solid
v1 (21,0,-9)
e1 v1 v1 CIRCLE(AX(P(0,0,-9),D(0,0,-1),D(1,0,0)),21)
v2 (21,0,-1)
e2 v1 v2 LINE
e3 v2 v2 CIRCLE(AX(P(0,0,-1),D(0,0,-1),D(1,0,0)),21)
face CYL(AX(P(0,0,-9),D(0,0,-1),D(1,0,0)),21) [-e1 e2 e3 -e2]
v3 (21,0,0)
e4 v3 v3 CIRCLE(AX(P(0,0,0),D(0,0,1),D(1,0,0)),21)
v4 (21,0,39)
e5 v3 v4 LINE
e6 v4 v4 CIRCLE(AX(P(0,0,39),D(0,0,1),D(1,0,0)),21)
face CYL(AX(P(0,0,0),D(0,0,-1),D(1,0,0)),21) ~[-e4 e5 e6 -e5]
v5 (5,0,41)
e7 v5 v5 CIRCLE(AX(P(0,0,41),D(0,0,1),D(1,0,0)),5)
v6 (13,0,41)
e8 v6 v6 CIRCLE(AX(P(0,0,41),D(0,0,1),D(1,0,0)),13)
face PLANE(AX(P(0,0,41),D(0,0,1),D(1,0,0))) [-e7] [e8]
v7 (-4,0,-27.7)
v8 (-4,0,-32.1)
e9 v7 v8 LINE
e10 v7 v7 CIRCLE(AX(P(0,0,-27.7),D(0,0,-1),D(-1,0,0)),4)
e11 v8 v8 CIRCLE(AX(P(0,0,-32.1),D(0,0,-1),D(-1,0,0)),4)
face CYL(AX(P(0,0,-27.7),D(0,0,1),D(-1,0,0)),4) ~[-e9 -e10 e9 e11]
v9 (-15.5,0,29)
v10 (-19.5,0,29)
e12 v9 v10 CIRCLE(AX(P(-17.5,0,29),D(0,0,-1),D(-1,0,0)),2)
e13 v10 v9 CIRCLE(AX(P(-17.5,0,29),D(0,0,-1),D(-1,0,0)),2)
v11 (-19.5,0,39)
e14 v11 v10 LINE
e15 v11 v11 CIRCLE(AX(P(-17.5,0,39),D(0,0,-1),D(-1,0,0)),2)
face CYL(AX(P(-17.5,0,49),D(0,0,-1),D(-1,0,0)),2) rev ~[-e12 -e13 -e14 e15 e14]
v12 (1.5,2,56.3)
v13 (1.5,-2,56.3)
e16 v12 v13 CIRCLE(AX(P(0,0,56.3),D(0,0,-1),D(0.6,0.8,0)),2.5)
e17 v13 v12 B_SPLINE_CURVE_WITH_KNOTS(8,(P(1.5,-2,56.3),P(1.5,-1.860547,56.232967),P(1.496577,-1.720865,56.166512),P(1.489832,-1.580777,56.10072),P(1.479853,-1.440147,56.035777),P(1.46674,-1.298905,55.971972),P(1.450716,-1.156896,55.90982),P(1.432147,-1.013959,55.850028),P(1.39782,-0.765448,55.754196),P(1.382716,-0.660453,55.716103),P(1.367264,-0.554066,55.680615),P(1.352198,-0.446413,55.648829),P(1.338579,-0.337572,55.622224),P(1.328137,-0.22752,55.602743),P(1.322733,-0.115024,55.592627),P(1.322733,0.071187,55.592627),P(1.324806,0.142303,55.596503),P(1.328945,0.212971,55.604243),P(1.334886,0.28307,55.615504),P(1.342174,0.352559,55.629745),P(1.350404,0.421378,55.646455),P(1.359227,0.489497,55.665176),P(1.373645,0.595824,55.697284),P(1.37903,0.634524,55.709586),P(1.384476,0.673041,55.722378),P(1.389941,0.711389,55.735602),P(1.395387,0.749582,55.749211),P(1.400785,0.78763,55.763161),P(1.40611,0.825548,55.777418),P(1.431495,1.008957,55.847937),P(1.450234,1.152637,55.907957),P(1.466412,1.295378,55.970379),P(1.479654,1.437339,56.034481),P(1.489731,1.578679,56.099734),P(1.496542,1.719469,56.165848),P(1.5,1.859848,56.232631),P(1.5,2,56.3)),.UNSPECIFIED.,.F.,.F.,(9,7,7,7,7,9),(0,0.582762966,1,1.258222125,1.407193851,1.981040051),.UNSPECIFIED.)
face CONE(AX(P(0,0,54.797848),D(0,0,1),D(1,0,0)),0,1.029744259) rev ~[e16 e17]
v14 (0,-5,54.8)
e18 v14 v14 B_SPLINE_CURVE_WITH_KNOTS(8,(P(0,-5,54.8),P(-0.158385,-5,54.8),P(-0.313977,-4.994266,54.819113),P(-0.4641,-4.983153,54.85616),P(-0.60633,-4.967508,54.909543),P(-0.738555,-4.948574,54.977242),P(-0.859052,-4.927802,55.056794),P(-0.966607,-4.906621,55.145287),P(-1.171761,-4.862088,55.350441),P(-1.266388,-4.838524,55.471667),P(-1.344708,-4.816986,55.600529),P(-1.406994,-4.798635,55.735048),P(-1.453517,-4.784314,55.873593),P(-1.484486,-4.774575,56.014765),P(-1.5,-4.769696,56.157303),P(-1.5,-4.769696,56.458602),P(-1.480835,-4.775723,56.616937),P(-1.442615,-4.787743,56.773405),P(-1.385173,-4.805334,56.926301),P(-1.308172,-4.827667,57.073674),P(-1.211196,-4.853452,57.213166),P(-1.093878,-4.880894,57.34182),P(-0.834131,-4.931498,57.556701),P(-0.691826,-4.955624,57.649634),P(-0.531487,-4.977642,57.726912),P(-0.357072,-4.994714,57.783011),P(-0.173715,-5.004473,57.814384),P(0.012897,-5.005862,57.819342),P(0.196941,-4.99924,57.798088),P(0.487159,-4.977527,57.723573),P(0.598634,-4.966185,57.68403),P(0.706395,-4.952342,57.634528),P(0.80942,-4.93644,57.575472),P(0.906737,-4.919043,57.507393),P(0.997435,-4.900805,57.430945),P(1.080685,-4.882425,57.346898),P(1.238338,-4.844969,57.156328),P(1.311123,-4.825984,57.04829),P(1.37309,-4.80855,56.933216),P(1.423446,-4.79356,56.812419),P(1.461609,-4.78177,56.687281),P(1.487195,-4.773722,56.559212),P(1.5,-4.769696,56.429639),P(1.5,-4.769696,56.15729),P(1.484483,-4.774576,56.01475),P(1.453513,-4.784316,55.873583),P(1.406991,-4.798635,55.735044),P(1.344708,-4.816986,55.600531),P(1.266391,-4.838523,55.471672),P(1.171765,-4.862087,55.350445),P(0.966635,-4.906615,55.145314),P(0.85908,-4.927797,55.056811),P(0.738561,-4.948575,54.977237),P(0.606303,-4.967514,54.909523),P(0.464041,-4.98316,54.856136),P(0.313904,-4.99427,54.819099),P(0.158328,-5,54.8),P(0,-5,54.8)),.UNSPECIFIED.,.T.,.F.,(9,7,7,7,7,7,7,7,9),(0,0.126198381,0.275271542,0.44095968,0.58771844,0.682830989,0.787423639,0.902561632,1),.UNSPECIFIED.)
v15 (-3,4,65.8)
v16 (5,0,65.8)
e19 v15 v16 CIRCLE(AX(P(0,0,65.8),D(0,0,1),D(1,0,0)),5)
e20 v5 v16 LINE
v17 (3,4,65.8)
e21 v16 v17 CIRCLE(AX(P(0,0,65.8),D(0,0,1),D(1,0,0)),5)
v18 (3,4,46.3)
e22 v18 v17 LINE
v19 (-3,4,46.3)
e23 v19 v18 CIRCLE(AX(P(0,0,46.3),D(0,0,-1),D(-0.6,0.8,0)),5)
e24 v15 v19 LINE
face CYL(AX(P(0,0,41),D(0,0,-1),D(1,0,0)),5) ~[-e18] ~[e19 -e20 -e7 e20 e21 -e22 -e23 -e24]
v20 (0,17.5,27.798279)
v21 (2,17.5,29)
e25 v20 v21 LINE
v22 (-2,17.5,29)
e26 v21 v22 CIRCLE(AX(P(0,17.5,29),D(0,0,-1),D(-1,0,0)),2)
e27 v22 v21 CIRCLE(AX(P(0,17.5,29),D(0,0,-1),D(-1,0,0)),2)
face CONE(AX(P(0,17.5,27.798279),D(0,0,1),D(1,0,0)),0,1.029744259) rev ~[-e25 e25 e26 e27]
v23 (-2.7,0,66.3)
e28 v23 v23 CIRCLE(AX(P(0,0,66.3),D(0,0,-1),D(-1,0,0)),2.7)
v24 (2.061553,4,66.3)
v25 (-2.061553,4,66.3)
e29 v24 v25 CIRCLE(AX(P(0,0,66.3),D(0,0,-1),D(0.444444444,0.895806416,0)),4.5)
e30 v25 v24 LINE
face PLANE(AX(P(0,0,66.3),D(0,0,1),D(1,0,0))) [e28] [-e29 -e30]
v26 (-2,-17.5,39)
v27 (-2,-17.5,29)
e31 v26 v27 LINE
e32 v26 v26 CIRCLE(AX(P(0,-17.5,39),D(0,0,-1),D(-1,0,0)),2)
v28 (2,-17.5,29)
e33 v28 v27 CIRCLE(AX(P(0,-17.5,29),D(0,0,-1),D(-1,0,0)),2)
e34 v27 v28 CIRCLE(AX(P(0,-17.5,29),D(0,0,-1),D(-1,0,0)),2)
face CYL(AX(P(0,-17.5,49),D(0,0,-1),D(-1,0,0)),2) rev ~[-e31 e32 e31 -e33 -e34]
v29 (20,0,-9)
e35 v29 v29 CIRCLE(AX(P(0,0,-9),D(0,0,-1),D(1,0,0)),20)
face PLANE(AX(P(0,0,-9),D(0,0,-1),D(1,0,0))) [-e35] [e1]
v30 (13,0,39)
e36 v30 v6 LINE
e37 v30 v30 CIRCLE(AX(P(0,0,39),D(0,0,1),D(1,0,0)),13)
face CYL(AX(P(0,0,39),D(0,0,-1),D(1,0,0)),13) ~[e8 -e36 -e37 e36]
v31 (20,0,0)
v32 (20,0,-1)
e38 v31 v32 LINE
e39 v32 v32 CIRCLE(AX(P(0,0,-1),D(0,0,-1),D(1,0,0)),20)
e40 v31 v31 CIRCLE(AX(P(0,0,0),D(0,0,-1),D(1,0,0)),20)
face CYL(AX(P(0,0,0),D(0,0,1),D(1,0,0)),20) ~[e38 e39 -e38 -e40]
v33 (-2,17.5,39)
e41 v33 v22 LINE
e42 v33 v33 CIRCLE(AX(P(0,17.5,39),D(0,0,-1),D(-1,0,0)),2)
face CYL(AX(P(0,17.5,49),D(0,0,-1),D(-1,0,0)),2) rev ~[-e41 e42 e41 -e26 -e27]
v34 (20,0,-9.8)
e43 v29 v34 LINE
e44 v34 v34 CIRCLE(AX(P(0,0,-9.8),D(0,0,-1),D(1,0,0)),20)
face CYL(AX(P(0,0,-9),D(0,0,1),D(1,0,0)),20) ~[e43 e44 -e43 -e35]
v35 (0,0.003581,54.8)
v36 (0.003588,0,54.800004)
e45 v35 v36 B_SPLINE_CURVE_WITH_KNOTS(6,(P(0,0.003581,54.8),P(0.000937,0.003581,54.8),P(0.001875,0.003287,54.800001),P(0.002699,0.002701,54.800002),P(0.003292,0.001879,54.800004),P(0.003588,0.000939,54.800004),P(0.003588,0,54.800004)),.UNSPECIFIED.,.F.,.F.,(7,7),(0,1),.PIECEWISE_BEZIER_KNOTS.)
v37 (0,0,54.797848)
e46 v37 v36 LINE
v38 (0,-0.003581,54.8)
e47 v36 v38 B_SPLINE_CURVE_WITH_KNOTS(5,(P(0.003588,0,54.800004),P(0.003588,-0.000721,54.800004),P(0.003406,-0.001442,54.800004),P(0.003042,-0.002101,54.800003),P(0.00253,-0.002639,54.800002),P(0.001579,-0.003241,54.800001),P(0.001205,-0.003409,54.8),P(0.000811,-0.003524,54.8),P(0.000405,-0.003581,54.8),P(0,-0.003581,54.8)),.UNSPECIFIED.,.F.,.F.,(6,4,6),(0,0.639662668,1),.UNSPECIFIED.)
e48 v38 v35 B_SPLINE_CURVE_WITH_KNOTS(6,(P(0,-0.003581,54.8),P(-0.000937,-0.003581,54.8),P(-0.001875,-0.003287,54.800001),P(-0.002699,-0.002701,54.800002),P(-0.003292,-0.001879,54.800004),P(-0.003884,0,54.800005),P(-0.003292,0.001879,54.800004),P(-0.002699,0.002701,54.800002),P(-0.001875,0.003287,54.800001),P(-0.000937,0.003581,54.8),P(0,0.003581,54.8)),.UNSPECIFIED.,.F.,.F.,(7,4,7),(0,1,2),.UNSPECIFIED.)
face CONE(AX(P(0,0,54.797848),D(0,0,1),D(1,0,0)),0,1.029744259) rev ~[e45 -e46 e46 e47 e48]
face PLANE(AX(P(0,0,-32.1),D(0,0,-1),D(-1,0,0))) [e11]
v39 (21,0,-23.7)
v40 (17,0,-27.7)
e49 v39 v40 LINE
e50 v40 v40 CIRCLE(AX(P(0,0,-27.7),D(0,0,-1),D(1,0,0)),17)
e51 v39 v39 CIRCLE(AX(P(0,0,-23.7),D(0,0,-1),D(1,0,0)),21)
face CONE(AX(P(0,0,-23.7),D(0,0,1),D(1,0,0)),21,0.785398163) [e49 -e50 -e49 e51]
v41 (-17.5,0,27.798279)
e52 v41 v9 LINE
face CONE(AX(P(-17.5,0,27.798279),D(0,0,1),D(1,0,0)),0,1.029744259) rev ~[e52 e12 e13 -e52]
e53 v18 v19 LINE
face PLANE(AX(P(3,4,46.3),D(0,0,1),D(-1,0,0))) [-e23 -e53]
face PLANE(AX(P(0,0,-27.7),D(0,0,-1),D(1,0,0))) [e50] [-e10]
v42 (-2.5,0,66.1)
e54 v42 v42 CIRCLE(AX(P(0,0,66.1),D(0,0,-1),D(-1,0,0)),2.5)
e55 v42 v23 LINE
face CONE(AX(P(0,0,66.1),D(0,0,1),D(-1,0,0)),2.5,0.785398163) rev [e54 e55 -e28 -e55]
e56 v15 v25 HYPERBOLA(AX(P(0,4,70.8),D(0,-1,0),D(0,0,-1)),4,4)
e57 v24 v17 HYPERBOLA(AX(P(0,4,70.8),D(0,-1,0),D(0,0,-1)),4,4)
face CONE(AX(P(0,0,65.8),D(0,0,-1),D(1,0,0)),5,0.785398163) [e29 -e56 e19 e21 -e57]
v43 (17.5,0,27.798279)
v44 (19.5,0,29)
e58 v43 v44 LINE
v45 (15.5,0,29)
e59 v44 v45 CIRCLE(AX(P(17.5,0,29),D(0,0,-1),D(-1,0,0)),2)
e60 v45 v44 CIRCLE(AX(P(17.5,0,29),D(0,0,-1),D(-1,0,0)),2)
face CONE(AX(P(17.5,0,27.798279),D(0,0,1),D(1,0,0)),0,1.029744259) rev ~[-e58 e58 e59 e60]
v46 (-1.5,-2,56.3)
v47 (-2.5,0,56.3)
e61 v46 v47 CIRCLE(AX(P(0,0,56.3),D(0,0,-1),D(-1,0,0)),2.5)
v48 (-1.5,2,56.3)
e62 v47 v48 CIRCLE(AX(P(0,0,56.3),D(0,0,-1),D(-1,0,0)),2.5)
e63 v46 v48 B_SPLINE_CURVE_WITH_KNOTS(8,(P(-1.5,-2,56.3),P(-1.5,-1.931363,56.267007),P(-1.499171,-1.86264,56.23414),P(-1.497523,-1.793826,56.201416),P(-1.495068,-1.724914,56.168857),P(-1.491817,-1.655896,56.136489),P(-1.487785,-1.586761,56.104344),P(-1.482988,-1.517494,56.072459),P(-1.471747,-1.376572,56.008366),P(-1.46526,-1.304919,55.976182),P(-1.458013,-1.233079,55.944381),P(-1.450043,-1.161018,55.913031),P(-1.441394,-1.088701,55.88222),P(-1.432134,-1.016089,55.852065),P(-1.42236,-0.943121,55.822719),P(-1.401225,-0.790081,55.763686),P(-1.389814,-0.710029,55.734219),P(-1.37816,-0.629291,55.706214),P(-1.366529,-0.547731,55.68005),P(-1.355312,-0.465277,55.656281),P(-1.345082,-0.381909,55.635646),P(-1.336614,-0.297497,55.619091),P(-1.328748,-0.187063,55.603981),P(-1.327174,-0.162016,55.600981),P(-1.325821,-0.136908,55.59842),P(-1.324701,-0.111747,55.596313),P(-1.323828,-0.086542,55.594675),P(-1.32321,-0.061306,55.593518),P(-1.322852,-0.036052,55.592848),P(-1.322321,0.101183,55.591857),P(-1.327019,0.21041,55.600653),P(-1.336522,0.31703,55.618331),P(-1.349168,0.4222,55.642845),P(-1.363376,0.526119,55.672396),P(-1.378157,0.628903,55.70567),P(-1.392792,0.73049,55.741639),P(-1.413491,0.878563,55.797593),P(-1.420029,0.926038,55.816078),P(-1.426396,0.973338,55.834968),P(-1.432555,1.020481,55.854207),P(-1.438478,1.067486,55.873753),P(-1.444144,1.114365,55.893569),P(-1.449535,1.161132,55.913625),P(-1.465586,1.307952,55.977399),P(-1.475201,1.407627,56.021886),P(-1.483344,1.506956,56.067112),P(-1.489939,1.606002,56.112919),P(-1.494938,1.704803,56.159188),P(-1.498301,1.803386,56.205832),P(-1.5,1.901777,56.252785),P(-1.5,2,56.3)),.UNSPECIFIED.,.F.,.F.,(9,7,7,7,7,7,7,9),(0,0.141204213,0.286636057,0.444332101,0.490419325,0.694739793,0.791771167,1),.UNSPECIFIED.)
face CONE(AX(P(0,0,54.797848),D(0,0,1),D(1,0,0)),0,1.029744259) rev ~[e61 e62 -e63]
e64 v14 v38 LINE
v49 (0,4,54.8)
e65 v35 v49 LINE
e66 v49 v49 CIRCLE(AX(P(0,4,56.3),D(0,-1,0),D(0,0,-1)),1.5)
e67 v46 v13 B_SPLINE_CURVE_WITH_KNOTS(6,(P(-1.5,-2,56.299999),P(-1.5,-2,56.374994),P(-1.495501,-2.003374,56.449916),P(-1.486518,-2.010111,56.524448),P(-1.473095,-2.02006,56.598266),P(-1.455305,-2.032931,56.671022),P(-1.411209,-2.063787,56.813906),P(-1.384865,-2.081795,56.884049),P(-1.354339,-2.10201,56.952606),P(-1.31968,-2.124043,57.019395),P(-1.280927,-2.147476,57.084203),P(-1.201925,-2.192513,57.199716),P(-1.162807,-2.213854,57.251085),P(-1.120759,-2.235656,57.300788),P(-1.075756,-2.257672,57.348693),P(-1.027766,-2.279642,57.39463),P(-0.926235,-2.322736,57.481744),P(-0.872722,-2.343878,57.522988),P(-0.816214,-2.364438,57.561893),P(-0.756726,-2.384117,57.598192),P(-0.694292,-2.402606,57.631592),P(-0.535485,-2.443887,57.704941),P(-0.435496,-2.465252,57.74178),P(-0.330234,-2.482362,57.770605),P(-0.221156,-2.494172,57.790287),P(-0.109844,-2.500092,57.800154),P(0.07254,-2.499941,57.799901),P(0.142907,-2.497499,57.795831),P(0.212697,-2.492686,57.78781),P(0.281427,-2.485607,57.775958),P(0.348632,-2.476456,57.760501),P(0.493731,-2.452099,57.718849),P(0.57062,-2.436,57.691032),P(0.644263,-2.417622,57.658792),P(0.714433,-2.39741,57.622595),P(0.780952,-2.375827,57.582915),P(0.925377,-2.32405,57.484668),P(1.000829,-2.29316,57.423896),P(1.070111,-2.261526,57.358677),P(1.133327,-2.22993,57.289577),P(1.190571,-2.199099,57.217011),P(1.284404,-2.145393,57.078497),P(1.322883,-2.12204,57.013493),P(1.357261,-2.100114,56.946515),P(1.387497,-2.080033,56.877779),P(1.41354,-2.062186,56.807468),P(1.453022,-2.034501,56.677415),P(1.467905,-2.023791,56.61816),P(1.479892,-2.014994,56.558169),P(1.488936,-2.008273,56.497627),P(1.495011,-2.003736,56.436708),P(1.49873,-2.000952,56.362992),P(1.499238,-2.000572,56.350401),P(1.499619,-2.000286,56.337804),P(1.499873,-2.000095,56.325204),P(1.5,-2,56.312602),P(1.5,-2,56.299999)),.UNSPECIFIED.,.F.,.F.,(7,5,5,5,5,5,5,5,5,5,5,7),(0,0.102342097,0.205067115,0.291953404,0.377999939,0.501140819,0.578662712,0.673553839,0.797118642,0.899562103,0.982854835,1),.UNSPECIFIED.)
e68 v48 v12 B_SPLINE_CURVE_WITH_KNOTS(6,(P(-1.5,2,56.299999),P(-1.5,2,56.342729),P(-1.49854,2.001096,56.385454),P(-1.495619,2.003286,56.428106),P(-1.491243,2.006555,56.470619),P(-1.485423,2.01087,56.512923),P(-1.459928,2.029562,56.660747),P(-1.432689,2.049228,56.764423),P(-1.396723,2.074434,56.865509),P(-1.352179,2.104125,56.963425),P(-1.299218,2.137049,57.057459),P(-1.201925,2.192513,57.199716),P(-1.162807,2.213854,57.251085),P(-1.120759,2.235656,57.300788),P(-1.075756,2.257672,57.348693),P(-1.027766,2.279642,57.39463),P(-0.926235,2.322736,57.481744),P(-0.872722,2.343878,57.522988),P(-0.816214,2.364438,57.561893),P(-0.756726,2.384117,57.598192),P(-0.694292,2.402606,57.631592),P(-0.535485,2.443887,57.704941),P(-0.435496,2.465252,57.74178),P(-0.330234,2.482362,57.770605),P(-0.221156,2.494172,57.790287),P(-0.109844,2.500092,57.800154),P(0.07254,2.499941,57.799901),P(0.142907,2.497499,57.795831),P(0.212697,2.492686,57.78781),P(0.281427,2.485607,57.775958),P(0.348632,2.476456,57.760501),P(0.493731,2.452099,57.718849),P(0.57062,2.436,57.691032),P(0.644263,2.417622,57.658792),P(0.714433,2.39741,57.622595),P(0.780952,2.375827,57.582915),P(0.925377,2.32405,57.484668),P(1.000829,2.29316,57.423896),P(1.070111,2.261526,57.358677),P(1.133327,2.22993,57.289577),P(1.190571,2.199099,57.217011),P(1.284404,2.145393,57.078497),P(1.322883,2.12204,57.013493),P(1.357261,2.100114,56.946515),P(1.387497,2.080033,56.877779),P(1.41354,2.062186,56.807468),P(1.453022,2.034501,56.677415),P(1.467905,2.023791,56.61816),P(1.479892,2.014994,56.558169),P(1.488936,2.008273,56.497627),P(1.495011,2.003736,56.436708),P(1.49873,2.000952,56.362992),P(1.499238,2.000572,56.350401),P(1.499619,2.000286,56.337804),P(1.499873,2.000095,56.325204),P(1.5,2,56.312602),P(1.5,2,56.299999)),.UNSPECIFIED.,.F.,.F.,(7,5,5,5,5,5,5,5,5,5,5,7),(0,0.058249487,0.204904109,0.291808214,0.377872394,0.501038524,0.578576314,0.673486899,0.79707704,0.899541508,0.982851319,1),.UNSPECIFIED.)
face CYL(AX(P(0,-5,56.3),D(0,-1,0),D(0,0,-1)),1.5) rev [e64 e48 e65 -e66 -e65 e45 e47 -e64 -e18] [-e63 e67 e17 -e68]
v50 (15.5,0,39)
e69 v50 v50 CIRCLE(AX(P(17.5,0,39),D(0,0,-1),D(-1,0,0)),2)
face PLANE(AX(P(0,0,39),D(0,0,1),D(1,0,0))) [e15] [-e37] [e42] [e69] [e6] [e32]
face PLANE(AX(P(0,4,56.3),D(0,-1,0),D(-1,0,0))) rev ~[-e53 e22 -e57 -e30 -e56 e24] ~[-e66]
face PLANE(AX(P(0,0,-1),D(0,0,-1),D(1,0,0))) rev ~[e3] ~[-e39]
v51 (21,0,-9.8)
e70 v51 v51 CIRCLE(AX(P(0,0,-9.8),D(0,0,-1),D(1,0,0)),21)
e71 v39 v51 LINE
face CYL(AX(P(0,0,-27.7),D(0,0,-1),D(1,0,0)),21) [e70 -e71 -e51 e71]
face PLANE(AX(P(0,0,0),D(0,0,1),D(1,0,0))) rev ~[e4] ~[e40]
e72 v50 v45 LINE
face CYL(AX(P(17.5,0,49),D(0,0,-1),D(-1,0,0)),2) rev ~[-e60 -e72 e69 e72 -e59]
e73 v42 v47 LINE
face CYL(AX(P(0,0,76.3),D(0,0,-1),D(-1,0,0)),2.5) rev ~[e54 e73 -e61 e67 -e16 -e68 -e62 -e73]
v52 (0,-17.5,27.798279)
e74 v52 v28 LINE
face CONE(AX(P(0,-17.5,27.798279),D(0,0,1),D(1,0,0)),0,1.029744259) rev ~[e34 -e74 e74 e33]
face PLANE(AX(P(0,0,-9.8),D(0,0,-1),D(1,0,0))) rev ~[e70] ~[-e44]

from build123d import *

# Parameters (mm, degrees)
SKETCH_1_R           = 21
EXTRUDE_1_DEPTH      = 39
SKETCH_2_R           = 13
EXTRUDE_2_DEPTH      = 2
SKETCH_4_R           = 5
EXTRUDE_3_DEPTH      = 25.3
CHAMFER_1_SIZE       = 0.5
SKETCH_8_R           = 1.5
CUT_EXTRUDE_7_DEPTH  = 10.3
MM_2_D               = 5
MM_2_DEPTH           = 10
MM_2_TIP             = 1.502151548
CUT_EXTRUDE_8_DEPTH  = 2
MM_1_D               = 4
MM_1_DEPTH           = 10
MM_1_TIP             = 1.201721238
SKETCH_23_W          = 4
SKETCH_23_H          = 0.5
CUT_EXTRUDE_12_DEPTH = 2
SKETCH_24_R          = 20
EXTRUDE_4_DEPTH      = 1
EXTRUDE_START        = 8
SKETCH_26_R          = 21
EXTRUDE_5_DEPTH      = 8
SKETCH_27_R          = 20
EXTRUDE_6_DEPTH      = 0.8
EXTRUDE_START_2      = 17.9
SKETCH_28_R          = 21
EXTRUDE_7_DEPTH      = 17.9
CHAMFER_2_SIZE       = 4
SKETCH_29_R          = 4
EXTRUDE_8_DEPTH      = 4.4
CUT_EXTRUDE_16_DEPTH = 2
CHAMFER_3_SIZE       = 0.2


with BuildPart() as part:
    # 草图1 → 凸台-拉伸1 (new body)
    with BuildSketch(Plane.XY):
        Circle(SKETCH_1_R)
    extrude(amount=EXTRUDE_1_DEPTH)

    # 草图2 → 凸台-拉伸2 (add)
    with BuildSketch(Plane.XY.offset(39)):
        Circle(SKETCH_2_R)
    extrude(amount=EXTRUDE_2_DEPTH)

    # 草图4 → 凸台-拉伸3 (add)
    with BuildSketch(Plane.XY.offset(41)):
        Circle(SKETCH_4_R)
    extrude(amount=EXTRUDE_3_DEPTH)

    # 倒角1
    chamfer_1_edges = [part.edges().sort_by_distance(p)[0] for p in [
        (-5, 0, 66.3),
    ]]
    chamfer(chamfer_1_edges, length=CHAMFER_1_SIZE)

    # 草图8 → 切除-拉伸7 (cut)
    with BuildSketch(Plane(origin=(0, -5, 0), x_dir=(1, 0, 0), z_dir=(0, 1, 0))):
        with Locations(Location((0, -56.3, 0), (0, 0, 90))):
            Circle(SKETCH_8_R)
    extrude(amount=CUT_EXTRUDE_7_DEPTH, mode=Mode.SUBTRACT)

    # 大小mm 暗销孔2
    with Locations(Plane.XY.offset(66.3)):
        with Locations((0, 0)):
            Hole(MM_2_D / 2, depth=MM_2_DEPTH)
            with Locations((0, 0, -(MM_2_DEPTH + MM_2_TIP / 2))):  # 118° drill point
                Cone(0, MM_2_D / 2, MM_2_TIP, mode=Mode.SUBTRACT)

    # 草图17 → 切除-拉伸8 (cut)
    with BuildSketch(Plane(origin=(0, 4, 0), x_dir=(1, 0, 0), z_dir=(0, 1, 0))):
        Polygon((0, -65.8), (-2, -65.8), (-2, -46.3), (0, -46.3), (2, -46.3), (2, -65.8), align=None)
    extrude(amount=CUT_EXTRUDE_8_DEPTH, mode=Mode.SUBTRACT)

    # 大小mm 暗销孔1
    with Locations(Plane(origin=(0, 17.5, 39), x_dir=(1, 0, 0), z_dir=(0, 0, 1))):
        with Locations((0, 0), (-17.5, -17.5), (17.5, -17.5), (0, -35)):
            Hole(MM_1_D / 2, depth=MM_1_DEPTH)
            with Locations((0, 0, -(MM_1_DEPTH + MM_1_TIP / 2))):  # 118° drill point
                Cone(0, MM_1_D / 2, MM_1_TIP, mode=Mode.SUBTRACT)

    # 草图23 → 切除-拉伸12 (cut)
    with BuildSketch(Plane(origin=(0, 4, 0), x_dir=(1, 0, 0), z_dir=(0, 1, 0))):
        with Locations((0, -66.05)):
            Rectangle(SKETCH_23_W, SKETCH_23_H)
    extrude(amount=CUT_EXTRUDE_12_DEPTH, mode=Mode.SUBTRACT)

    # 草图24 → 凸台-拉伸4 (add)
    with BuildSketch(Plane(origin=(0, 0, 0), x_dir=(-1, 0, 0), z_dir=(0, 0, -1))):
        with Locations(Location((0, 0, 0), (0, 0, 180))):
            Circle(SKETCH_24_R)
    extrude(amount=EXTRUDE_4_DEPTH)

    # 草图26 → 凸台-拉伸5 (add)
    with BuildSketch(Plane(origin=(0, 0, -1), x_dir=(-1, 0, 0), z_dir=(0, 0, -1)).offset(EXTRUDE_START)):
        with Locations(Location((0, 0, 0), (0, 0, 180))):
            Circle(SKETCH_26_R)
    extrude(amount=-EXTRUDE_5_DEPTH)

    # 草图27 → 凸台-拉伸6 (add)
    with BuildSketch(Plane(origin=(0, 0, -9), x_dir=(-1, 0, 0), z_dir=(0, 0, -1))):
        with Locations(Location((0, 0, 0), (0, 0, 180))):
            Circle(SKETCH_27_R)
    extrude(amount=EXTRUDE_6_DEPTH)

    # 草图28 → 凸台-拉伸7 (add)
    with BuildSketch(Plane(origin=(0, 0, -9.8), x_dir=(-1, 0, 0), z_dir=(0, 0, -1)).offset(EXTRUDE_START_2)):
        with Locations(Location((0, 0, 0), (0, 0, 180))):
            Circle(SKETCH_28_R)
    extrude(amount=-EXTRUDE_7_DEPTH)

    # 倒角2
    chamfer_2_edges = [part.edges().sort_by_distance(p)[0] for p in [
        (-21, 0, -27.7),
    ]]
    chamfer(chamfer_2_edges, length=CHAMFER_2_SIZE)

    # 草图29 → 凸台-拉伸8 (add)
    with BuildSketch(Plane(origin=(0, 0, -27.7), x_dir=(-1, 0, 0), z_dir=(0, 0, -1))):
        Circle(SKETCH_29_R)
    extrude(amount=EXTRUDE_8_DEPTH)

    # 草图30 → 切除-拉伸16 (cut)
    with BuildSketch(Plane(origin=(0, 4, 0), x_dir=(1, 0, 0), z_dir=(0, 1, 0))):
        Polygon((0, -46.3), (3, -46.3), (3, -66.3), (-3, -66.3), (-3, -46.3), align=None)
    extrude(amount=CUT_EXTRUDE_16_DEPTH, mode=Mode.SUBTRACT)

    # 倒角3
    chamfer_3_edges = [part.edges().sort_by_distance(p)[0] for p in [
        (2.5, 0, 66.3),
    ]]
    chamfer(chamfer_3_edges, length=CHAMFER_3_SIZE)


solid = part.part
